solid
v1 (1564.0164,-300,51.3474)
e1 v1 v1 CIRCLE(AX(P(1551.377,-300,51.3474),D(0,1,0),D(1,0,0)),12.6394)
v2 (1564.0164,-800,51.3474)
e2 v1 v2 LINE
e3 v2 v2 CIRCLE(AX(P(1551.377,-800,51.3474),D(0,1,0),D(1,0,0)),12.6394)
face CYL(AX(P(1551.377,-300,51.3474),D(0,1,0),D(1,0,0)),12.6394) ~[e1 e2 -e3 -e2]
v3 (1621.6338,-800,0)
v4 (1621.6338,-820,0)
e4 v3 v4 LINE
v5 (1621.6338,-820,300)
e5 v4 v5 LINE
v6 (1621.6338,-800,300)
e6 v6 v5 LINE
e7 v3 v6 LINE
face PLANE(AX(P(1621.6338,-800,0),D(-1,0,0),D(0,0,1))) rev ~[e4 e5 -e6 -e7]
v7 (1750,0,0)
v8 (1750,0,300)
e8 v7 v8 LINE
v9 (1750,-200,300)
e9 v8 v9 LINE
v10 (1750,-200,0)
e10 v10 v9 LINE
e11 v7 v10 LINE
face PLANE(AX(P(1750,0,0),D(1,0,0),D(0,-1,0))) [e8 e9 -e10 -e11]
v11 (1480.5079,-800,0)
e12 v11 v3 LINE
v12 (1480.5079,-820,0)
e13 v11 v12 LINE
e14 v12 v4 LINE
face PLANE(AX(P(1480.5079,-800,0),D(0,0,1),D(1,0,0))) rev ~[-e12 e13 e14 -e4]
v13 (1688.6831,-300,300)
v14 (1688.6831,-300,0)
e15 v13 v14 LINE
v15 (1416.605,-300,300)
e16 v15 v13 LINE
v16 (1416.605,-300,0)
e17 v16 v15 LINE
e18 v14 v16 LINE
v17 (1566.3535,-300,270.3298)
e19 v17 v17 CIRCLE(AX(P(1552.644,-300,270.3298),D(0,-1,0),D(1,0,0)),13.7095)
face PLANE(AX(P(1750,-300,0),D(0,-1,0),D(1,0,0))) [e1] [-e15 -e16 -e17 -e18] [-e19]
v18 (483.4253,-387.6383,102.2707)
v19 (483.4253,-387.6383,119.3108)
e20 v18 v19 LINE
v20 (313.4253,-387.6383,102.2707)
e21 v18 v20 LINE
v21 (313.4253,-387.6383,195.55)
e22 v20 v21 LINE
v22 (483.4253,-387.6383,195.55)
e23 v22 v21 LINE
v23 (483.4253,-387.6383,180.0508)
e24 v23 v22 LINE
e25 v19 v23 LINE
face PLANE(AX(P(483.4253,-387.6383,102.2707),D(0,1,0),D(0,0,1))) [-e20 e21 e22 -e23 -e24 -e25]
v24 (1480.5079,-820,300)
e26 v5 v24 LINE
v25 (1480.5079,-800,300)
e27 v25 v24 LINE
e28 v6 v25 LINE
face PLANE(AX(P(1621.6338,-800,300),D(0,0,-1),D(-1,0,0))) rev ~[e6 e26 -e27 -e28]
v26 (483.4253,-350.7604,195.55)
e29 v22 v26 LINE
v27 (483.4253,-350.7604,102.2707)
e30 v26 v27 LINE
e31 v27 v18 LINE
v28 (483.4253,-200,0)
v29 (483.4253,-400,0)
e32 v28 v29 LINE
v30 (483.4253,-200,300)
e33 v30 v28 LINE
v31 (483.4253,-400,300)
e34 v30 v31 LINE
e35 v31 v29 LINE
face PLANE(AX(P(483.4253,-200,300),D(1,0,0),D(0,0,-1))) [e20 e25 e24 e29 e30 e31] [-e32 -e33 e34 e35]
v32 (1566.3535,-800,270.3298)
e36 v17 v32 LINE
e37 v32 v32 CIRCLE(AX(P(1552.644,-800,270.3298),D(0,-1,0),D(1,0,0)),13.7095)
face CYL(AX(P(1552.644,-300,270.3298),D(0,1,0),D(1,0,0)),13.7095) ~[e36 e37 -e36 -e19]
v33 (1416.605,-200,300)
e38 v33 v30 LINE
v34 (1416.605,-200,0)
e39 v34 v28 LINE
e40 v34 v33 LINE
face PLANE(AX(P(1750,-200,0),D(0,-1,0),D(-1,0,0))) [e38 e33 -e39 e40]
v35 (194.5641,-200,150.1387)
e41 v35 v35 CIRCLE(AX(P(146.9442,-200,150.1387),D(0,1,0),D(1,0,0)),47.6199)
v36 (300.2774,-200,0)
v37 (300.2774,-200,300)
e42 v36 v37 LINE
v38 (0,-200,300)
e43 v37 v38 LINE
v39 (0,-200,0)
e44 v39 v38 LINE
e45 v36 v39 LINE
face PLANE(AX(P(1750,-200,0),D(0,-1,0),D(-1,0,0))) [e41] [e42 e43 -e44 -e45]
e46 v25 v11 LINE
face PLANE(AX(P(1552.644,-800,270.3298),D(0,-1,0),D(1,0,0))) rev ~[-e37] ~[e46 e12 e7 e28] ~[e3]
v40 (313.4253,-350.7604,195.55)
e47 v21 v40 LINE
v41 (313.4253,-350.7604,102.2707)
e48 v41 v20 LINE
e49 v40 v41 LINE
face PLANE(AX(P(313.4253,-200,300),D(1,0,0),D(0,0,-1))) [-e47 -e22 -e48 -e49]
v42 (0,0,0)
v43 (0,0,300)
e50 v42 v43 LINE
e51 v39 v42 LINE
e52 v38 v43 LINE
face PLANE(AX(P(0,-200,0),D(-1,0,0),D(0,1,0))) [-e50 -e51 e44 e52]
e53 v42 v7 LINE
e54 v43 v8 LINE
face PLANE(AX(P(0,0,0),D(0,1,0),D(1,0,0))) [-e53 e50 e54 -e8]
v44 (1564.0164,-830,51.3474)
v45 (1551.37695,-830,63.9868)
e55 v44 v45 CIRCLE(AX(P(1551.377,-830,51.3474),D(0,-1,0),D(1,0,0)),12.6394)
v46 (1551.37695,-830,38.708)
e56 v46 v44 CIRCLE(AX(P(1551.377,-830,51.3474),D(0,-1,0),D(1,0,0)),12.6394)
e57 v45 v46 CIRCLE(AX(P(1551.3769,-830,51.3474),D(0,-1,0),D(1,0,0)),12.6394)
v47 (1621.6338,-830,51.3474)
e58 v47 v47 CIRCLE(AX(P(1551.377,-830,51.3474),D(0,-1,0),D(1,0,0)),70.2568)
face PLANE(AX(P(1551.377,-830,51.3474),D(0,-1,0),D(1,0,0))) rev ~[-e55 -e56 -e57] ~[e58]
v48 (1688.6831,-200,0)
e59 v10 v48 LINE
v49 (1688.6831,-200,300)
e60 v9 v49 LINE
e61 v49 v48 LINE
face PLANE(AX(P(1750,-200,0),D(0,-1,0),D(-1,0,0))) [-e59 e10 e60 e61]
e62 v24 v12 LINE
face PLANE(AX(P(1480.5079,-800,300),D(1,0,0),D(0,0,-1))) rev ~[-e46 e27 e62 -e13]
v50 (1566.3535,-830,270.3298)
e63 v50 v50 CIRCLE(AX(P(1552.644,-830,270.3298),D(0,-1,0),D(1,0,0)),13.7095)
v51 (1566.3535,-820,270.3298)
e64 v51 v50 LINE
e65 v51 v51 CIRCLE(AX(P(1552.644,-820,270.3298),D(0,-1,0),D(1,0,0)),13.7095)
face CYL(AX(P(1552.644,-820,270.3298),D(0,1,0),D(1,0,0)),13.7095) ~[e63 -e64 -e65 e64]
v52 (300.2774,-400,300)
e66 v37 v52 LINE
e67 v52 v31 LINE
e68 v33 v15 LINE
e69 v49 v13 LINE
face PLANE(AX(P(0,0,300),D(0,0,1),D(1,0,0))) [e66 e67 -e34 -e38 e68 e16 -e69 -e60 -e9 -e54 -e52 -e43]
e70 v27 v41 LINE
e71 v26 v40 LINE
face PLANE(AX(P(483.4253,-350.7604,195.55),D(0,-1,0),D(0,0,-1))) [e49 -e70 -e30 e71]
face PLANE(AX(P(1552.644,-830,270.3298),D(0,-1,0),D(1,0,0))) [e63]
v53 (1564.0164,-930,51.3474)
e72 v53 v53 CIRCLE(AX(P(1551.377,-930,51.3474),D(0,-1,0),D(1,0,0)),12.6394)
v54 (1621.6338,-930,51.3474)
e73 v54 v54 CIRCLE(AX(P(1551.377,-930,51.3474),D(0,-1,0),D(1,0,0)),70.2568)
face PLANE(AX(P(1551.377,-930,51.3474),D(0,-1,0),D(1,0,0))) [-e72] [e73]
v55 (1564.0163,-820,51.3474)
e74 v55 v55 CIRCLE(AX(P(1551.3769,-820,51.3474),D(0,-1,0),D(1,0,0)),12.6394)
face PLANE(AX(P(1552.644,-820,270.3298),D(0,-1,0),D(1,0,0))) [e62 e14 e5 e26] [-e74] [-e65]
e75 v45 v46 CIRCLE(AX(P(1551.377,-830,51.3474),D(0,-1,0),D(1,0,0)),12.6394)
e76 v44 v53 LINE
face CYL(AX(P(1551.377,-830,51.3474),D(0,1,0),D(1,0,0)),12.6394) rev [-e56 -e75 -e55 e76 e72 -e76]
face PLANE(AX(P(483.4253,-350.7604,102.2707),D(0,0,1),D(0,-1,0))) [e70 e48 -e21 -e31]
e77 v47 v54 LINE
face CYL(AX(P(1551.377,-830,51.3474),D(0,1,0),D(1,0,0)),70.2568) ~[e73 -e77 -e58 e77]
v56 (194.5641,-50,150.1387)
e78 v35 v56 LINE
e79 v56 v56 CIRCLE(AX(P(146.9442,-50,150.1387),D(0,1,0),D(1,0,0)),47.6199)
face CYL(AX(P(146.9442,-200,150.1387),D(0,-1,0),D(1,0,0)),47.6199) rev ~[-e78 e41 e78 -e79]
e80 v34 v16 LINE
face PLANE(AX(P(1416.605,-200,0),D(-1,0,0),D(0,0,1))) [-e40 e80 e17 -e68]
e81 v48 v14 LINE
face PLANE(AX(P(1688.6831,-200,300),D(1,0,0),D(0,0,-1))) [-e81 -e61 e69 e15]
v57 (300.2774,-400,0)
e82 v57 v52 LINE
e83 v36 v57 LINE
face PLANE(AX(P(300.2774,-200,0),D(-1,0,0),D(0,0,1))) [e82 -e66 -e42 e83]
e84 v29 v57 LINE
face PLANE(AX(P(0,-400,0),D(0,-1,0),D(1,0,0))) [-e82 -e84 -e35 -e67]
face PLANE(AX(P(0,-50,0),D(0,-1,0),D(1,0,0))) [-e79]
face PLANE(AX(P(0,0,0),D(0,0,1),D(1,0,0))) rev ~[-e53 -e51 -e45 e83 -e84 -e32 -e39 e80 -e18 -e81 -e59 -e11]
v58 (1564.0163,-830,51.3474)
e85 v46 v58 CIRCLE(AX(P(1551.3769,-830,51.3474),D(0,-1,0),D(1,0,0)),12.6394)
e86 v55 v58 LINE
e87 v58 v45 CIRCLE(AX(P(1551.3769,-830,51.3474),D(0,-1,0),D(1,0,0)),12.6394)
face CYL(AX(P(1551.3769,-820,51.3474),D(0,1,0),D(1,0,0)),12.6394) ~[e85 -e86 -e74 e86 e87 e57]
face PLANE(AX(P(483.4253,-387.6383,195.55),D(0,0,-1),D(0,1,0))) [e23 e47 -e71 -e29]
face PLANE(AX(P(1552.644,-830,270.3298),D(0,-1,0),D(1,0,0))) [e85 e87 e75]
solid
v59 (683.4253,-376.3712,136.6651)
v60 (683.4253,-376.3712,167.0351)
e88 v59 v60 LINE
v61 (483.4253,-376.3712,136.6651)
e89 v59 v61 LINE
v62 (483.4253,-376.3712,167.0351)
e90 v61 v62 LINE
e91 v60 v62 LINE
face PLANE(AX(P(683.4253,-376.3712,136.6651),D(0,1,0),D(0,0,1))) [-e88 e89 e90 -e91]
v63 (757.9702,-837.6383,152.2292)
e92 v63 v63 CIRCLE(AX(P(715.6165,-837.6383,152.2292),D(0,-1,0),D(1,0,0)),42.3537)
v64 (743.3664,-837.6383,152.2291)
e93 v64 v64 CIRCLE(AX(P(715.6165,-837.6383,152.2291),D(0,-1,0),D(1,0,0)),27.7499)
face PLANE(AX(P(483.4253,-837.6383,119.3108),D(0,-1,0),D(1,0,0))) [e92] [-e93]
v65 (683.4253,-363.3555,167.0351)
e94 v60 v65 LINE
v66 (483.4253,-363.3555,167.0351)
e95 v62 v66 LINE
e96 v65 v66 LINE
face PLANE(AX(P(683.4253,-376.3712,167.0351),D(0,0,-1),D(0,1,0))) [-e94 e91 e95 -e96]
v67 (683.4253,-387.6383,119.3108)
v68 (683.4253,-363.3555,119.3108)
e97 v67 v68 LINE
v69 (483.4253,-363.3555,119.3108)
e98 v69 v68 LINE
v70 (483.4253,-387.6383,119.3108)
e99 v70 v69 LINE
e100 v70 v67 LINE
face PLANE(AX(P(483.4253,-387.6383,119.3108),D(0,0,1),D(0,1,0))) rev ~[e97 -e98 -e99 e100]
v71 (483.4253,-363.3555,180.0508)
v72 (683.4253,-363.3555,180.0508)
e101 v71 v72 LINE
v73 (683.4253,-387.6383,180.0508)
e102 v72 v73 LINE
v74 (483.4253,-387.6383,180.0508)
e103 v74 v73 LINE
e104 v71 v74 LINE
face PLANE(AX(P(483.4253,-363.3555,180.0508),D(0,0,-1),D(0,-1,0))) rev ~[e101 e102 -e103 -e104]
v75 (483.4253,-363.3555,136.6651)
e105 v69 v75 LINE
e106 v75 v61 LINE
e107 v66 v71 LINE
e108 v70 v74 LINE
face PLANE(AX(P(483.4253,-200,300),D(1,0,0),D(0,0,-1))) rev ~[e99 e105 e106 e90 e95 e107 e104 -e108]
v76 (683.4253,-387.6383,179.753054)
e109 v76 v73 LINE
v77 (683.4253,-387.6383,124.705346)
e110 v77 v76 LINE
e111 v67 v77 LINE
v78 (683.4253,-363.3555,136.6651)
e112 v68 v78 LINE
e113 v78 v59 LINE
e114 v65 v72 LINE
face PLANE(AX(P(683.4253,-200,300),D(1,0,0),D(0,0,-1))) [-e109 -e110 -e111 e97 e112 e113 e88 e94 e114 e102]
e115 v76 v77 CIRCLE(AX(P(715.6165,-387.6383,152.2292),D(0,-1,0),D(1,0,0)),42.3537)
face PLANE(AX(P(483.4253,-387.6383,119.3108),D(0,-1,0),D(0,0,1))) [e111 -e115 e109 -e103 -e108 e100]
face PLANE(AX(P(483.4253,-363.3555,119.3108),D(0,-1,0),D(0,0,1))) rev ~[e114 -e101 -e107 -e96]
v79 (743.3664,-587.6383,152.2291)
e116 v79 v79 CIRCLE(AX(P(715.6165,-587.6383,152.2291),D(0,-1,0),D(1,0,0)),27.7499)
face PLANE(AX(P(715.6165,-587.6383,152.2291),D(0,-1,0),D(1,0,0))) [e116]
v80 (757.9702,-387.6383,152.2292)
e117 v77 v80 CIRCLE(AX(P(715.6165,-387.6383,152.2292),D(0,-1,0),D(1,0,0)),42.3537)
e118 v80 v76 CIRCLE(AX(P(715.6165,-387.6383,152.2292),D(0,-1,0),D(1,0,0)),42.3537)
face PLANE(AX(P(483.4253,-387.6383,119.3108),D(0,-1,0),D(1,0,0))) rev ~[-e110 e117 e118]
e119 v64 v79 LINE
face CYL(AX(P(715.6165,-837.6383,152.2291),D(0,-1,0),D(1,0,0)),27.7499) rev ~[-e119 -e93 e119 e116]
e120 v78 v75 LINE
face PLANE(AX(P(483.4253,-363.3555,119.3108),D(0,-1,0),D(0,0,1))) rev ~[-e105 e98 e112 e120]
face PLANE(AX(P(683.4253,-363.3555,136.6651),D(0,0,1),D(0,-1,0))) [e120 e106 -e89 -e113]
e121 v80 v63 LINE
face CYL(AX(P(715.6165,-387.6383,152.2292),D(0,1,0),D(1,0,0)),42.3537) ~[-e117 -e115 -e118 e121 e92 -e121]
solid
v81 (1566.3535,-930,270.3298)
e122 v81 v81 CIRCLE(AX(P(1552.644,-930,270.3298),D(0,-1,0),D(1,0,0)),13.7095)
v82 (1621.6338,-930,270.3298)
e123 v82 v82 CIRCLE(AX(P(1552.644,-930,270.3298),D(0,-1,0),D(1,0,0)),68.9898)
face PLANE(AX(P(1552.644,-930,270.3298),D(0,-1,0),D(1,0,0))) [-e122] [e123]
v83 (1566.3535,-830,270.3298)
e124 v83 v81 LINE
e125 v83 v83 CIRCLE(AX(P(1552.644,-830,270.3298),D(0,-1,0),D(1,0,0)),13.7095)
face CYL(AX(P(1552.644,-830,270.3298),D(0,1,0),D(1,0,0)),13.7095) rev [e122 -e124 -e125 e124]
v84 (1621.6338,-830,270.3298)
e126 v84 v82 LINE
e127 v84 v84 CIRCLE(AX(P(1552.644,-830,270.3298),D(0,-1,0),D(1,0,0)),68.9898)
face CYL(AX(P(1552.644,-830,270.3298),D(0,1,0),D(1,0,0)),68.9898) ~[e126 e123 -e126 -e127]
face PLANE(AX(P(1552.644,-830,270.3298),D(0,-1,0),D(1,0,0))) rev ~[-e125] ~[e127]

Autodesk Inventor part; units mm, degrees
ref_plane "YZ Plane" through (0, 0, 0) normal (1, 0, 0) x (0, 1, 0)
ref_plane "XZ Plane" through (0, 0, 0) normal (0, 1, 0) x (-1, 0, 0)
ref_plane "XY Plane" through (0, 0, 0) normal (0, 0, 1) x (1, 0, 0)
sketch "Sketch1" plane through (0, 0, 0) normal (0, 0, 1) x (1, 0, 0)
  line L0 (0, 0) -> (1750, 0)
  line L1 (1750, 0) -> (1750, -200)
  line L2 (1750, -200) -> (0, -200)
  line L3 (0, -200) -> (0, 0)
  dimension "d0" = 1750
  dimension "d1" = 200
extrude "Extrusion1" add sketch "Sketch1" along normal blind 300
sketch "Sketch2" plane through (0, -200, 0) normal (0, -1, 0) x (1, 0, 0)
  line L0 (1750, 300) -> (0, 300) projected
  line L1 (146.9442, 300) -> (146.9442, 150.1387)
  circle A0 centre (146.9442, 150.1387) radius 66.1557
  point P0 (0, 0)
extrude "Extrusion2" add sketch "Sketch2" against normal blind 150
sketch "Sketch3" plane through (0, -200, 0) normal (0, -1, 0) x (1, 0, 0)
  line L0 (1750, 300) -> (0, 300) projected
  line L1 (146.9442, 300) -> (146.9442, 150.1387)
  circle A0 centre (146.9442, 150.1387) radius 47.6199
  point P0 (0, 0)
extrude "Extrusion3" cut sketch "Sketch3" against normal blind 150
sketch "Sketch4" plane through (0, -200, 0) normal (0, -1, 0) x (1, 0, 0)
  line L0 (0, 300) -> (1750, 300) projected
  line L1 (1750, 0) -> (0, 0) projected
  line L2 (300.2774, 300) -> (483.4253, 300)
  line L3 (483.4253, 300) -> (483.4253, 0)
  line L4 (483.4253, 0) -> (300.2774, 0)
  line L5 (300.2774, 0) -> (300.2774, 300)
extrude "Extrusion4" add sketch "Sketch4" along normal blind 200
sketch "Sketch5" plane through (483.4253, -200, 300) normal (1, 0, 0) x (0, 0, -1)
  point P0 (300, 200)
sketch "Sketch6" plane through (483.4253, -200, 300) normal (1, 0, 0) x (0, 0, -1)
  line L0 (104.45, -150.7604) -> (197.7293, -150.7604)
  line L1 (197.7293, -150.7604) -> (197.7293, -187.6383)
  line L2 (197.7293, -187.6383) -> (104.45, -187.6383)
  line L3 (104.45, -187.6383) -> (104.45, -150.7604)
  point P0 (300, 200)
extrude "Extrusion5" cut sketch "Sketch6" against normal blind 170
sketch "Sketch7" plane through (483.4253, -200, 300) normal (1, 0, 0) x (0, 0, -1)
  line L0 (197.7293, -187.6383) -> (104.45, -187.6383) projected
  line L1 (119.9492, -187.6383) -> (180.6892, -187.6383)
  line L2 (180.6892, -187.6383) -> (180.6892, -163.3555)
  line L3 (180.6892, -163.3555) -> (119.9492, -163.3555)
  line L4 (119.9492, -163.3555) -> (119.9492, -187.6383)
  point P0 (300, 200)
extrude "Extrusion6" add sketch "Sketch7" along normal blind 200
sketch "Sketch8" plane through (683.4253, -200, 300) normal (1, 0, 0) x (0, 0, -1)
  line L0 (180.6892, -163.3555) -> (119.9492, -163.3555) projected
  line L1 (132.9649, -163.3555) -> (163.3349, -163.3555)
  line L2 (163.3349, -163.3555) -> (163.3349, -176.3712)
  line L3 (163.3349, -176.3712) -> (132.9649, -176.3712)
  line L4 (132.9649, -176.3712) -> (132.9649, -163.3555)
  point P0 (300, 200)
extrude "Extrusion7" cut sketch "Sketch8" against normal blind 200
sketch "Sketch9" plane through (483.4253, -387.6383, 119.3108) normal (0, -1, 0) x (1, 0, 0)
  circle A0 centre (232.1912, 32.9184) radius 42.3537
  point P0 (-483.4253, -119.3108)
extrude "Extrusion8" add sketch "Sketch9" along normal blind 450
sketch "Sketch10" plane through (715.6165, -837.6383, 152.2291) normal (0, -1, 0) x (1, 0, 0)
  circle A0 centre (0, 0) radius 27.7499
  point P0 (-715.6165, -152.2291)
extrude "Extrusion9" cut sketch "Sketch10" against normal blind 250
sketch "Sketch11" plane through (1750, -200, 0) normal (0, -1, 0) x (1, 0, 0)
  line L0 (-1266.5747, 300) -> (0, 300) projected
  line L1 (-333.395, 300) -> (-61.3169, 300)
  line L2 (-61.3169, 300) -> (-61.3169, 0)
  line L3 (-61.3169, 0) -> (-333.395, 0)
  line L4 (-333.395, 0) -> (-333.395, 300)
  point P0 (-1750, 0)
extrude "Extrusion10" add sketch "Sketch11" along normal blind 100
sketch "Sketch12" plane through (1750, -300, 0) normal (0, -1, 0) x (1, 0, 0)
  line L0 (0, 300) -> (-1750, 300) projected
  line L1 (-198.623, 300) -> (-198.623, 250.4175)
  line L2 (-1750, 0) -> (0, 0) projected
  line L3 (-198.623, 0) -> (-198.623, 51.3474)
  circle A0 centre (-198.623, 250.4175) radius 12.6394
  circle A1 centre (-198.623, 51.3474) radius 12.6394
extrude "Extrusion11" add sketch "Sketch12" along normal blind 500 contours A1
sketch "Sketch13" plane through (1750, -300, 0) normal (0, -1, 0) x (1, 0, 0)
  circle A0 centre (-197.356, 270.3298) radius 13.7095
  point P0 (-1750, 0)
extrude "Extrusion12" add sketch "Sketch13" along normal blind 500
sketch "Sketch14" plane through (1552.644, -800, 270.3298) normal (0, -1, 0) x (1, 0, 0)
  line L0 (197.356, 29.6702) -> (-1552.644, 29.6702) projected
  line L1 (-1552.644, -270.3298) -> (197.356, -270.3298) projected
  line L2 (68.9898, 29.6702) -> (-72.1361, 29.6702)
  line L3 (-72.1361, 29.6702) -> (-72.1361, -270.3298)
  line L4 (-72.1361, -270.3298) -> (68.9898, -270.3298)
  line L5 (68.9898, -270.3298) -> (68.9898, 29.6702)
extrude "Extrusion13" add sketch "Sketch14" along normal blind 20
sketch "Sketch15" plane through (1552.644, -820, 270.3298) normal (0, -1, 0) x (1, 0, 0)
  circle A0 centre (0, 0) radius 13.7095 projected
  circle A1 centre (0, 0) radius 13.7095
  circle A2 centre (-1.2671, -218.9824) radius 12.6394 projected
  circle A3 centre (-1.2671, -218.9824) radius 12.6394
  point P0 (-1552.644, -270.3298)
extrude "Extrusion14" add sketch "Sketch15" along normal blind 10 contours A2
sketch "Sketch16" plane through (1552.644, -820, 270.3298) normal (0, -1, 0) x (1, 0, 0)
  circle A0 centre (0, 0) radius 13.7095 projected
  circle A1 centre (0, 0) radius 13.7095
  point P0 (-1552.644, -270.3298)
extrude "Extrusion15" add sketch "Sketch16" along normal blind 10
sketch "Sketch17" plane through (1552.644, -830, 270.3298) normal (0, -1, 0) x (1, 0, 0)
  circle A0 centre (0, 0) radius 13.7095 projected
  circle A1 centre (0, 0) radius 68.9898
  line L0 (68.9898, -270.3298) -> (68.9898, 29.6702) projected
  circle A2 centre (-1.2671, -218.9824) radius 12.6394 projected
  circle A3 centre (-1.2671, -218.9824) radius 70.2568
  point P0 (-1552.644, -270.3298)
extrude "Extrusion16" add sketch "Sketch17" along normal blind 100 contours A1
sketch "Sketch18" plane through (1551.377, -830, 51.3474) normal (0, -1, 0) x (1, 0, 0)
  circle A0 centre (0, 0) radius 12.6394 projected
  circle A1 centre (0, 0) radius 70.2568
  line L0 (70.2568, -51.3474) -> (70.2568, 248.6526) projected
  point P0 (-1551.377, -51.3474)
extrude "Extrusion17" add sketch "Sketch18" along normal blind 100
thread "Thread1" size "M140x8" class "6g" standard "ANSI Metric M Profile" full length
thread "Thread2" size "M145x6" class "6g" standard "ANSI Metric M Profile" full length
thread "Thread3" size "M56x6.5" class "6H" standard "ANSI Metric M Profile" full length
equation "\"BendRadius\" = Thickness"
equation "\"BendReliefWidth\" = Thickness"
equation "\"BendReliefDepth\" = 0.5 * Thickness"
equation "\"CornerReliefSize\" = 4 * Thickness"
equation "\"MinimumRemnant\" = 2 * Thickness"
equation "\"TransitionRadius\" = BendRadius"
equation "\"JacobiRadiusSize\" = BendRadius"
equation "\"GapSize\" = Thickness"
equation "\"Thickness\" = 3.048"
properties part number "new part ee"
